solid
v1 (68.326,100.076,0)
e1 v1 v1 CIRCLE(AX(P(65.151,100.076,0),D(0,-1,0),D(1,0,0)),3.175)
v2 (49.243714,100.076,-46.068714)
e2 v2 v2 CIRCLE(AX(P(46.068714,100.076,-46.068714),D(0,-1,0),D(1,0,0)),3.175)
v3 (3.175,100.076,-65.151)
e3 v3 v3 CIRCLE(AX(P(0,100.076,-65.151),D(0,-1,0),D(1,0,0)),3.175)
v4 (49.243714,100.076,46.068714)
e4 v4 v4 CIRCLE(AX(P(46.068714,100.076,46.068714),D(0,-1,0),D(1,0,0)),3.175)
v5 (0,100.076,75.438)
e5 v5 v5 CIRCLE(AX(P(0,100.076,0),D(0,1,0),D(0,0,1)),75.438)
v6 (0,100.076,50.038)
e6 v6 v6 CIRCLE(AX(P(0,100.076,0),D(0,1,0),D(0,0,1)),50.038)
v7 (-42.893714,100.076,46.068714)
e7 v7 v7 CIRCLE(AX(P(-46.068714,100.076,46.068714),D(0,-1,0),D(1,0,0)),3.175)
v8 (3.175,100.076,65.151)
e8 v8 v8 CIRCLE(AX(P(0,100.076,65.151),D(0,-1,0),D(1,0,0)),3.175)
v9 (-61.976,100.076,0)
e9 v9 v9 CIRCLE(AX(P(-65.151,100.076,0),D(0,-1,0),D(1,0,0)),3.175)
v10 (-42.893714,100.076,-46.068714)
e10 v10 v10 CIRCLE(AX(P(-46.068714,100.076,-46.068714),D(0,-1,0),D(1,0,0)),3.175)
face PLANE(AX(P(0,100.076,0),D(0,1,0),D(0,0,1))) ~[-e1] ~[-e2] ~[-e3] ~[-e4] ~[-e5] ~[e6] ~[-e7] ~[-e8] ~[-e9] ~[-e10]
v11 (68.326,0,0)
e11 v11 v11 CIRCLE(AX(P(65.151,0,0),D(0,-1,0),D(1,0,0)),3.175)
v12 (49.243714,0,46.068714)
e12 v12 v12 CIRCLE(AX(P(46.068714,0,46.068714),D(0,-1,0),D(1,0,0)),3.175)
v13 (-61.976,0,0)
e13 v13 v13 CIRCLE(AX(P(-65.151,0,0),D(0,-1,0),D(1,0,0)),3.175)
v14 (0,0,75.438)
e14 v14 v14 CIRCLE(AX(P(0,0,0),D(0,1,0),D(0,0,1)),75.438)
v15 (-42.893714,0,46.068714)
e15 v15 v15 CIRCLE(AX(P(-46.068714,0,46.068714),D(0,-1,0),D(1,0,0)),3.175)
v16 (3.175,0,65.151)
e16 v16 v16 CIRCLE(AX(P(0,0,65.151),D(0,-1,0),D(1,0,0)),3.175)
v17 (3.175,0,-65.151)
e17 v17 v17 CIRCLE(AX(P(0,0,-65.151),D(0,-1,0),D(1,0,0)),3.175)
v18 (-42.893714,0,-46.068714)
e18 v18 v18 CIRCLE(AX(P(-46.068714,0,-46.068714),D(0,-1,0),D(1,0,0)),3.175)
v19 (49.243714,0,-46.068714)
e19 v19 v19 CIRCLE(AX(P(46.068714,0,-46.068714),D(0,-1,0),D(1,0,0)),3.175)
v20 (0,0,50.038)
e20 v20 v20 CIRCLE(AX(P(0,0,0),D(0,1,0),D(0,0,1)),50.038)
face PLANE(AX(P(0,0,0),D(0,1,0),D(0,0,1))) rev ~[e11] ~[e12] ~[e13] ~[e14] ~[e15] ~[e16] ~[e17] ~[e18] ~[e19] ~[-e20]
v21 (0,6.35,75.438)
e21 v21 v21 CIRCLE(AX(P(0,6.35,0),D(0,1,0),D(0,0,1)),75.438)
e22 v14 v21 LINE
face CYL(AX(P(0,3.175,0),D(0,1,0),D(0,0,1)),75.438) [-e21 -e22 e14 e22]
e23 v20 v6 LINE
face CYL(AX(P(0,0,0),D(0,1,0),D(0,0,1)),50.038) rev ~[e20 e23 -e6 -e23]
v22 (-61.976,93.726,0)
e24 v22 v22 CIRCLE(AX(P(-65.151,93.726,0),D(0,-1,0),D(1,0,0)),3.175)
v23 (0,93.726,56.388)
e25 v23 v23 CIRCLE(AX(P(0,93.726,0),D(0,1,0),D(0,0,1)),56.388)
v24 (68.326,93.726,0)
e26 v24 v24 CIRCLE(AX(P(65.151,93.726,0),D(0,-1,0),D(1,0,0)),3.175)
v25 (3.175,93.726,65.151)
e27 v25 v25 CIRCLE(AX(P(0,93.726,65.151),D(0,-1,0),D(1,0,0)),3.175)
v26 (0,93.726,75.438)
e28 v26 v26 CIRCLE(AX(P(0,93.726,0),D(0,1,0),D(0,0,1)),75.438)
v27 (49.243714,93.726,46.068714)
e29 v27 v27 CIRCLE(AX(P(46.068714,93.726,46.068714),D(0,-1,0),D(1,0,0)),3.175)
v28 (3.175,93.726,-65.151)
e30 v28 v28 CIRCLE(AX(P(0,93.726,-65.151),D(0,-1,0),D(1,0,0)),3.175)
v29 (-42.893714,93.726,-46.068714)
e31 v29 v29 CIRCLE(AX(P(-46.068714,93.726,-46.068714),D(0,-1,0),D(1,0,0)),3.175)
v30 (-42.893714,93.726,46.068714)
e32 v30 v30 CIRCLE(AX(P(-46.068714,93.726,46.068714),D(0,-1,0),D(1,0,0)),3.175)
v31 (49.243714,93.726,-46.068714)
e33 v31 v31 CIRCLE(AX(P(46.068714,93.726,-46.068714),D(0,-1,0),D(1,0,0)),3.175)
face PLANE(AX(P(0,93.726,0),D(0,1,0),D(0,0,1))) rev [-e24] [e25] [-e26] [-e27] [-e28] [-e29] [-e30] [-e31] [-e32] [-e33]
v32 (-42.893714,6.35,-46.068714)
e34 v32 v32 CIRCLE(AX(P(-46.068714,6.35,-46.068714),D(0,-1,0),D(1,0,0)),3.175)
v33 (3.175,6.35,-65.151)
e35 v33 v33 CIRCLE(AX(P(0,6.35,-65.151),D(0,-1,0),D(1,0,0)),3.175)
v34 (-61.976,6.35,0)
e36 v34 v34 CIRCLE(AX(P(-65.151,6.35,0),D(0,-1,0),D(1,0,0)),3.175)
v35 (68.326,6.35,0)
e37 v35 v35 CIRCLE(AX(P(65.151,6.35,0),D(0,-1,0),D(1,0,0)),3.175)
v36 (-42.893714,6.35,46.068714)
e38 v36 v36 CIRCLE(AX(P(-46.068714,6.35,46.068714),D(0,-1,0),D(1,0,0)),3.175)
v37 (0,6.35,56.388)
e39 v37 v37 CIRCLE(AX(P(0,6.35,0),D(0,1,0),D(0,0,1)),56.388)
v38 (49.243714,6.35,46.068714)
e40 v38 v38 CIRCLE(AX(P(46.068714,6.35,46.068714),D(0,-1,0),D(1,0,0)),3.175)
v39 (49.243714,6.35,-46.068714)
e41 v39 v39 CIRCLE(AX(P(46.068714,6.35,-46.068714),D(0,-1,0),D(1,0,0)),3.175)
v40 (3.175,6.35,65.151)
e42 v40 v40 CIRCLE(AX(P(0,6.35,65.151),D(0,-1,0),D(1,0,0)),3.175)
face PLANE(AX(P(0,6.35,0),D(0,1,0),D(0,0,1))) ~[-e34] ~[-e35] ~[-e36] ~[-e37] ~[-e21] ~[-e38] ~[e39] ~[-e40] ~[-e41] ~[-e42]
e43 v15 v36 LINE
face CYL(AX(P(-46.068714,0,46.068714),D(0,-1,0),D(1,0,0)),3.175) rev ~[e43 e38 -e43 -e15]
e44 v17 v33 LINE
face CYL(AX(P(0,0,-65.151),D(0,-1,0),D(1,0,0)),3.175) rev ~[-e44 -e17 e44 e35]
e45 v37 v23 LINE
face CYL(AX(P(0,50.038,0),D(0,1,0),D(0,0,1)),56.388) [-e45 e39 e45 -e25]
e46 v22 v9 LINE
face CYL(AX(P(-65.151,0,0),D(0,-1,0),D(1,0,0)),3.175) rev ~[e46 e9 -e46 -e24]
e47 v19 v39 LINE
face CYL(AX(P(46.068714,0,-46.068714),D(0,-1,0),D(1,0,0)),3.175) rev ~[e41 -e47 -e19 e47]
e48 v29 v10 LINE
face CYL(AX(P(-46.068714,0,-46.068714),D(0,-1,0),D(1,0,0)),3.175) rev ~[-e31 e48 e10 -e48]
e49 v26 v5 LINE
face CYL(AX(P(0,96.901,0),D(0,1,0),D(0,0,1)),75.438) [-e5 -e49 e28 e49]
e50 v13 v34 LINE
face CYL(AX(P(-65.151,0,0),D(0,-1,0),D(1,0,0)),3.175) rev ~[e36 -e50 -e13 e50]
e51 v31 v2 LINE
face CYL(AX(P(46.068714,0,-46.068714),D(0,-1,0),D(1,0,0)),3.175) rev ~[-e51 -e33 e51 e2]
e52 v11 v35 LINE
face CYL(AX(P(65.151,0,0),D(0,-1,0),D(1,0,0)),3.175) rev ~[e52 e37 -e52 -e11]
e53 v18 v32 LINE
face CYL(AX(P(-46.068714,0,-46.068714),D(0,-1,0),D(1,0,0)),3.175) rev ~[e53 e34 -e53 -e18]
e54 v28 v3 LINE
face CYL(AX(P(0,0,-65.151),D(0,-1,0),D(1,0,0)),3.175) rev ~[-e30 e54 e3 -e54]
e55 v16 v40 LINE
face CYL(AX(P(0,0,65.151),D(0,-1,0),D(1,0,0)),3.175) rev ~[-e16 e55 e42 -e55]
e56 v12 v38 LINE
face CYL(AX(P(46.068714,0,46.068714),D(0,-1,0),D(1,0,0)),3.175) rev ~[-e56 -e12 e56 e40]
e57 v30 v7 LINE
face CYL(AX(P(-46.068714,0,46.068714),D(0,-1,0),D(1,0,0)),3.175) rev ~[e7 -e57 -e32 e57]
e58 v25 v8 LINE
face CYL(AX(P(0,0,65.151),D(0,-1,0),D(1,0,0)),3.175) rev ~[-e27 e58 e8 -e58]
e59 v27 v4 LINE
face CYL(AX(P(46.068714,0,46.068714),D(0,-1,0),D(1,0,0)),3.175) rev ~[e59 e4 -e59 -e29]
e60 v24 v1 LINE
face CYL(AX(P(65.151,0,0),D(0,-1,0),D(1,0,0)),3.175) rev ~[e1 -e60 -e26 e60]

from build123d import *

# Parameters (mm, degrees)
F0_W     = 6.35
F0_H     = 19.05
F0_W_2   = 87.376
F0_H_2   = 6.35
F2_R     = 3.175
F3_DEPTH = 100.077


with BuildPart() as f1:
    # F0 (on Right) → F1 (revolve)
    with BuildSketch(Plane.YZ):
        with Locations((3.175, 65.913)):
            Rectangle(F0_W, F0_H)
        with Locations((96.901, 65.913)):
            Rectangle(F0_W, F0_H)
        with Locations((50.038, 53.213)):
            Rectangle(F0_W_2, F0_H_2)
        with Locations((3.175, 53.213)):
            Rectangle(F0_W, F0_H_2)
        with Locations((96.901, 53.213)):
            Rectangle(F0_W, F0_H_2)
    revolve(axis=Axis((0, 54.087968, 0), (0, 1, 0)))

    # F2 (on face) → F3 (cut, through all)
    with BuildSketch(Plane.XZ):
        with Locations((-46.068714, 46.068714)):
            Circle(F2_R)
        with Locations((-65.151, 0)):
            Circle(F2_R)
        with Locations((-46.068714, -46.068714)):
            Circle(F2_R)
        with Locations((0, -65.151)):
            Circle(F2_R)
        with Locations((46.068714, -46.068714)):
            Circle(F2_R)
        with Locations((65.151, 0)):
            Circle(F2_R)
        with Locations((46.068714, 46.068714)):
            Circle(F2_R)
        with Locations((0, 65.151)):
            Circle(F2_R)
    extrude(amount=-F3_DEPTH, mode=Mode.SUBTRACT)


solid = f1.part
